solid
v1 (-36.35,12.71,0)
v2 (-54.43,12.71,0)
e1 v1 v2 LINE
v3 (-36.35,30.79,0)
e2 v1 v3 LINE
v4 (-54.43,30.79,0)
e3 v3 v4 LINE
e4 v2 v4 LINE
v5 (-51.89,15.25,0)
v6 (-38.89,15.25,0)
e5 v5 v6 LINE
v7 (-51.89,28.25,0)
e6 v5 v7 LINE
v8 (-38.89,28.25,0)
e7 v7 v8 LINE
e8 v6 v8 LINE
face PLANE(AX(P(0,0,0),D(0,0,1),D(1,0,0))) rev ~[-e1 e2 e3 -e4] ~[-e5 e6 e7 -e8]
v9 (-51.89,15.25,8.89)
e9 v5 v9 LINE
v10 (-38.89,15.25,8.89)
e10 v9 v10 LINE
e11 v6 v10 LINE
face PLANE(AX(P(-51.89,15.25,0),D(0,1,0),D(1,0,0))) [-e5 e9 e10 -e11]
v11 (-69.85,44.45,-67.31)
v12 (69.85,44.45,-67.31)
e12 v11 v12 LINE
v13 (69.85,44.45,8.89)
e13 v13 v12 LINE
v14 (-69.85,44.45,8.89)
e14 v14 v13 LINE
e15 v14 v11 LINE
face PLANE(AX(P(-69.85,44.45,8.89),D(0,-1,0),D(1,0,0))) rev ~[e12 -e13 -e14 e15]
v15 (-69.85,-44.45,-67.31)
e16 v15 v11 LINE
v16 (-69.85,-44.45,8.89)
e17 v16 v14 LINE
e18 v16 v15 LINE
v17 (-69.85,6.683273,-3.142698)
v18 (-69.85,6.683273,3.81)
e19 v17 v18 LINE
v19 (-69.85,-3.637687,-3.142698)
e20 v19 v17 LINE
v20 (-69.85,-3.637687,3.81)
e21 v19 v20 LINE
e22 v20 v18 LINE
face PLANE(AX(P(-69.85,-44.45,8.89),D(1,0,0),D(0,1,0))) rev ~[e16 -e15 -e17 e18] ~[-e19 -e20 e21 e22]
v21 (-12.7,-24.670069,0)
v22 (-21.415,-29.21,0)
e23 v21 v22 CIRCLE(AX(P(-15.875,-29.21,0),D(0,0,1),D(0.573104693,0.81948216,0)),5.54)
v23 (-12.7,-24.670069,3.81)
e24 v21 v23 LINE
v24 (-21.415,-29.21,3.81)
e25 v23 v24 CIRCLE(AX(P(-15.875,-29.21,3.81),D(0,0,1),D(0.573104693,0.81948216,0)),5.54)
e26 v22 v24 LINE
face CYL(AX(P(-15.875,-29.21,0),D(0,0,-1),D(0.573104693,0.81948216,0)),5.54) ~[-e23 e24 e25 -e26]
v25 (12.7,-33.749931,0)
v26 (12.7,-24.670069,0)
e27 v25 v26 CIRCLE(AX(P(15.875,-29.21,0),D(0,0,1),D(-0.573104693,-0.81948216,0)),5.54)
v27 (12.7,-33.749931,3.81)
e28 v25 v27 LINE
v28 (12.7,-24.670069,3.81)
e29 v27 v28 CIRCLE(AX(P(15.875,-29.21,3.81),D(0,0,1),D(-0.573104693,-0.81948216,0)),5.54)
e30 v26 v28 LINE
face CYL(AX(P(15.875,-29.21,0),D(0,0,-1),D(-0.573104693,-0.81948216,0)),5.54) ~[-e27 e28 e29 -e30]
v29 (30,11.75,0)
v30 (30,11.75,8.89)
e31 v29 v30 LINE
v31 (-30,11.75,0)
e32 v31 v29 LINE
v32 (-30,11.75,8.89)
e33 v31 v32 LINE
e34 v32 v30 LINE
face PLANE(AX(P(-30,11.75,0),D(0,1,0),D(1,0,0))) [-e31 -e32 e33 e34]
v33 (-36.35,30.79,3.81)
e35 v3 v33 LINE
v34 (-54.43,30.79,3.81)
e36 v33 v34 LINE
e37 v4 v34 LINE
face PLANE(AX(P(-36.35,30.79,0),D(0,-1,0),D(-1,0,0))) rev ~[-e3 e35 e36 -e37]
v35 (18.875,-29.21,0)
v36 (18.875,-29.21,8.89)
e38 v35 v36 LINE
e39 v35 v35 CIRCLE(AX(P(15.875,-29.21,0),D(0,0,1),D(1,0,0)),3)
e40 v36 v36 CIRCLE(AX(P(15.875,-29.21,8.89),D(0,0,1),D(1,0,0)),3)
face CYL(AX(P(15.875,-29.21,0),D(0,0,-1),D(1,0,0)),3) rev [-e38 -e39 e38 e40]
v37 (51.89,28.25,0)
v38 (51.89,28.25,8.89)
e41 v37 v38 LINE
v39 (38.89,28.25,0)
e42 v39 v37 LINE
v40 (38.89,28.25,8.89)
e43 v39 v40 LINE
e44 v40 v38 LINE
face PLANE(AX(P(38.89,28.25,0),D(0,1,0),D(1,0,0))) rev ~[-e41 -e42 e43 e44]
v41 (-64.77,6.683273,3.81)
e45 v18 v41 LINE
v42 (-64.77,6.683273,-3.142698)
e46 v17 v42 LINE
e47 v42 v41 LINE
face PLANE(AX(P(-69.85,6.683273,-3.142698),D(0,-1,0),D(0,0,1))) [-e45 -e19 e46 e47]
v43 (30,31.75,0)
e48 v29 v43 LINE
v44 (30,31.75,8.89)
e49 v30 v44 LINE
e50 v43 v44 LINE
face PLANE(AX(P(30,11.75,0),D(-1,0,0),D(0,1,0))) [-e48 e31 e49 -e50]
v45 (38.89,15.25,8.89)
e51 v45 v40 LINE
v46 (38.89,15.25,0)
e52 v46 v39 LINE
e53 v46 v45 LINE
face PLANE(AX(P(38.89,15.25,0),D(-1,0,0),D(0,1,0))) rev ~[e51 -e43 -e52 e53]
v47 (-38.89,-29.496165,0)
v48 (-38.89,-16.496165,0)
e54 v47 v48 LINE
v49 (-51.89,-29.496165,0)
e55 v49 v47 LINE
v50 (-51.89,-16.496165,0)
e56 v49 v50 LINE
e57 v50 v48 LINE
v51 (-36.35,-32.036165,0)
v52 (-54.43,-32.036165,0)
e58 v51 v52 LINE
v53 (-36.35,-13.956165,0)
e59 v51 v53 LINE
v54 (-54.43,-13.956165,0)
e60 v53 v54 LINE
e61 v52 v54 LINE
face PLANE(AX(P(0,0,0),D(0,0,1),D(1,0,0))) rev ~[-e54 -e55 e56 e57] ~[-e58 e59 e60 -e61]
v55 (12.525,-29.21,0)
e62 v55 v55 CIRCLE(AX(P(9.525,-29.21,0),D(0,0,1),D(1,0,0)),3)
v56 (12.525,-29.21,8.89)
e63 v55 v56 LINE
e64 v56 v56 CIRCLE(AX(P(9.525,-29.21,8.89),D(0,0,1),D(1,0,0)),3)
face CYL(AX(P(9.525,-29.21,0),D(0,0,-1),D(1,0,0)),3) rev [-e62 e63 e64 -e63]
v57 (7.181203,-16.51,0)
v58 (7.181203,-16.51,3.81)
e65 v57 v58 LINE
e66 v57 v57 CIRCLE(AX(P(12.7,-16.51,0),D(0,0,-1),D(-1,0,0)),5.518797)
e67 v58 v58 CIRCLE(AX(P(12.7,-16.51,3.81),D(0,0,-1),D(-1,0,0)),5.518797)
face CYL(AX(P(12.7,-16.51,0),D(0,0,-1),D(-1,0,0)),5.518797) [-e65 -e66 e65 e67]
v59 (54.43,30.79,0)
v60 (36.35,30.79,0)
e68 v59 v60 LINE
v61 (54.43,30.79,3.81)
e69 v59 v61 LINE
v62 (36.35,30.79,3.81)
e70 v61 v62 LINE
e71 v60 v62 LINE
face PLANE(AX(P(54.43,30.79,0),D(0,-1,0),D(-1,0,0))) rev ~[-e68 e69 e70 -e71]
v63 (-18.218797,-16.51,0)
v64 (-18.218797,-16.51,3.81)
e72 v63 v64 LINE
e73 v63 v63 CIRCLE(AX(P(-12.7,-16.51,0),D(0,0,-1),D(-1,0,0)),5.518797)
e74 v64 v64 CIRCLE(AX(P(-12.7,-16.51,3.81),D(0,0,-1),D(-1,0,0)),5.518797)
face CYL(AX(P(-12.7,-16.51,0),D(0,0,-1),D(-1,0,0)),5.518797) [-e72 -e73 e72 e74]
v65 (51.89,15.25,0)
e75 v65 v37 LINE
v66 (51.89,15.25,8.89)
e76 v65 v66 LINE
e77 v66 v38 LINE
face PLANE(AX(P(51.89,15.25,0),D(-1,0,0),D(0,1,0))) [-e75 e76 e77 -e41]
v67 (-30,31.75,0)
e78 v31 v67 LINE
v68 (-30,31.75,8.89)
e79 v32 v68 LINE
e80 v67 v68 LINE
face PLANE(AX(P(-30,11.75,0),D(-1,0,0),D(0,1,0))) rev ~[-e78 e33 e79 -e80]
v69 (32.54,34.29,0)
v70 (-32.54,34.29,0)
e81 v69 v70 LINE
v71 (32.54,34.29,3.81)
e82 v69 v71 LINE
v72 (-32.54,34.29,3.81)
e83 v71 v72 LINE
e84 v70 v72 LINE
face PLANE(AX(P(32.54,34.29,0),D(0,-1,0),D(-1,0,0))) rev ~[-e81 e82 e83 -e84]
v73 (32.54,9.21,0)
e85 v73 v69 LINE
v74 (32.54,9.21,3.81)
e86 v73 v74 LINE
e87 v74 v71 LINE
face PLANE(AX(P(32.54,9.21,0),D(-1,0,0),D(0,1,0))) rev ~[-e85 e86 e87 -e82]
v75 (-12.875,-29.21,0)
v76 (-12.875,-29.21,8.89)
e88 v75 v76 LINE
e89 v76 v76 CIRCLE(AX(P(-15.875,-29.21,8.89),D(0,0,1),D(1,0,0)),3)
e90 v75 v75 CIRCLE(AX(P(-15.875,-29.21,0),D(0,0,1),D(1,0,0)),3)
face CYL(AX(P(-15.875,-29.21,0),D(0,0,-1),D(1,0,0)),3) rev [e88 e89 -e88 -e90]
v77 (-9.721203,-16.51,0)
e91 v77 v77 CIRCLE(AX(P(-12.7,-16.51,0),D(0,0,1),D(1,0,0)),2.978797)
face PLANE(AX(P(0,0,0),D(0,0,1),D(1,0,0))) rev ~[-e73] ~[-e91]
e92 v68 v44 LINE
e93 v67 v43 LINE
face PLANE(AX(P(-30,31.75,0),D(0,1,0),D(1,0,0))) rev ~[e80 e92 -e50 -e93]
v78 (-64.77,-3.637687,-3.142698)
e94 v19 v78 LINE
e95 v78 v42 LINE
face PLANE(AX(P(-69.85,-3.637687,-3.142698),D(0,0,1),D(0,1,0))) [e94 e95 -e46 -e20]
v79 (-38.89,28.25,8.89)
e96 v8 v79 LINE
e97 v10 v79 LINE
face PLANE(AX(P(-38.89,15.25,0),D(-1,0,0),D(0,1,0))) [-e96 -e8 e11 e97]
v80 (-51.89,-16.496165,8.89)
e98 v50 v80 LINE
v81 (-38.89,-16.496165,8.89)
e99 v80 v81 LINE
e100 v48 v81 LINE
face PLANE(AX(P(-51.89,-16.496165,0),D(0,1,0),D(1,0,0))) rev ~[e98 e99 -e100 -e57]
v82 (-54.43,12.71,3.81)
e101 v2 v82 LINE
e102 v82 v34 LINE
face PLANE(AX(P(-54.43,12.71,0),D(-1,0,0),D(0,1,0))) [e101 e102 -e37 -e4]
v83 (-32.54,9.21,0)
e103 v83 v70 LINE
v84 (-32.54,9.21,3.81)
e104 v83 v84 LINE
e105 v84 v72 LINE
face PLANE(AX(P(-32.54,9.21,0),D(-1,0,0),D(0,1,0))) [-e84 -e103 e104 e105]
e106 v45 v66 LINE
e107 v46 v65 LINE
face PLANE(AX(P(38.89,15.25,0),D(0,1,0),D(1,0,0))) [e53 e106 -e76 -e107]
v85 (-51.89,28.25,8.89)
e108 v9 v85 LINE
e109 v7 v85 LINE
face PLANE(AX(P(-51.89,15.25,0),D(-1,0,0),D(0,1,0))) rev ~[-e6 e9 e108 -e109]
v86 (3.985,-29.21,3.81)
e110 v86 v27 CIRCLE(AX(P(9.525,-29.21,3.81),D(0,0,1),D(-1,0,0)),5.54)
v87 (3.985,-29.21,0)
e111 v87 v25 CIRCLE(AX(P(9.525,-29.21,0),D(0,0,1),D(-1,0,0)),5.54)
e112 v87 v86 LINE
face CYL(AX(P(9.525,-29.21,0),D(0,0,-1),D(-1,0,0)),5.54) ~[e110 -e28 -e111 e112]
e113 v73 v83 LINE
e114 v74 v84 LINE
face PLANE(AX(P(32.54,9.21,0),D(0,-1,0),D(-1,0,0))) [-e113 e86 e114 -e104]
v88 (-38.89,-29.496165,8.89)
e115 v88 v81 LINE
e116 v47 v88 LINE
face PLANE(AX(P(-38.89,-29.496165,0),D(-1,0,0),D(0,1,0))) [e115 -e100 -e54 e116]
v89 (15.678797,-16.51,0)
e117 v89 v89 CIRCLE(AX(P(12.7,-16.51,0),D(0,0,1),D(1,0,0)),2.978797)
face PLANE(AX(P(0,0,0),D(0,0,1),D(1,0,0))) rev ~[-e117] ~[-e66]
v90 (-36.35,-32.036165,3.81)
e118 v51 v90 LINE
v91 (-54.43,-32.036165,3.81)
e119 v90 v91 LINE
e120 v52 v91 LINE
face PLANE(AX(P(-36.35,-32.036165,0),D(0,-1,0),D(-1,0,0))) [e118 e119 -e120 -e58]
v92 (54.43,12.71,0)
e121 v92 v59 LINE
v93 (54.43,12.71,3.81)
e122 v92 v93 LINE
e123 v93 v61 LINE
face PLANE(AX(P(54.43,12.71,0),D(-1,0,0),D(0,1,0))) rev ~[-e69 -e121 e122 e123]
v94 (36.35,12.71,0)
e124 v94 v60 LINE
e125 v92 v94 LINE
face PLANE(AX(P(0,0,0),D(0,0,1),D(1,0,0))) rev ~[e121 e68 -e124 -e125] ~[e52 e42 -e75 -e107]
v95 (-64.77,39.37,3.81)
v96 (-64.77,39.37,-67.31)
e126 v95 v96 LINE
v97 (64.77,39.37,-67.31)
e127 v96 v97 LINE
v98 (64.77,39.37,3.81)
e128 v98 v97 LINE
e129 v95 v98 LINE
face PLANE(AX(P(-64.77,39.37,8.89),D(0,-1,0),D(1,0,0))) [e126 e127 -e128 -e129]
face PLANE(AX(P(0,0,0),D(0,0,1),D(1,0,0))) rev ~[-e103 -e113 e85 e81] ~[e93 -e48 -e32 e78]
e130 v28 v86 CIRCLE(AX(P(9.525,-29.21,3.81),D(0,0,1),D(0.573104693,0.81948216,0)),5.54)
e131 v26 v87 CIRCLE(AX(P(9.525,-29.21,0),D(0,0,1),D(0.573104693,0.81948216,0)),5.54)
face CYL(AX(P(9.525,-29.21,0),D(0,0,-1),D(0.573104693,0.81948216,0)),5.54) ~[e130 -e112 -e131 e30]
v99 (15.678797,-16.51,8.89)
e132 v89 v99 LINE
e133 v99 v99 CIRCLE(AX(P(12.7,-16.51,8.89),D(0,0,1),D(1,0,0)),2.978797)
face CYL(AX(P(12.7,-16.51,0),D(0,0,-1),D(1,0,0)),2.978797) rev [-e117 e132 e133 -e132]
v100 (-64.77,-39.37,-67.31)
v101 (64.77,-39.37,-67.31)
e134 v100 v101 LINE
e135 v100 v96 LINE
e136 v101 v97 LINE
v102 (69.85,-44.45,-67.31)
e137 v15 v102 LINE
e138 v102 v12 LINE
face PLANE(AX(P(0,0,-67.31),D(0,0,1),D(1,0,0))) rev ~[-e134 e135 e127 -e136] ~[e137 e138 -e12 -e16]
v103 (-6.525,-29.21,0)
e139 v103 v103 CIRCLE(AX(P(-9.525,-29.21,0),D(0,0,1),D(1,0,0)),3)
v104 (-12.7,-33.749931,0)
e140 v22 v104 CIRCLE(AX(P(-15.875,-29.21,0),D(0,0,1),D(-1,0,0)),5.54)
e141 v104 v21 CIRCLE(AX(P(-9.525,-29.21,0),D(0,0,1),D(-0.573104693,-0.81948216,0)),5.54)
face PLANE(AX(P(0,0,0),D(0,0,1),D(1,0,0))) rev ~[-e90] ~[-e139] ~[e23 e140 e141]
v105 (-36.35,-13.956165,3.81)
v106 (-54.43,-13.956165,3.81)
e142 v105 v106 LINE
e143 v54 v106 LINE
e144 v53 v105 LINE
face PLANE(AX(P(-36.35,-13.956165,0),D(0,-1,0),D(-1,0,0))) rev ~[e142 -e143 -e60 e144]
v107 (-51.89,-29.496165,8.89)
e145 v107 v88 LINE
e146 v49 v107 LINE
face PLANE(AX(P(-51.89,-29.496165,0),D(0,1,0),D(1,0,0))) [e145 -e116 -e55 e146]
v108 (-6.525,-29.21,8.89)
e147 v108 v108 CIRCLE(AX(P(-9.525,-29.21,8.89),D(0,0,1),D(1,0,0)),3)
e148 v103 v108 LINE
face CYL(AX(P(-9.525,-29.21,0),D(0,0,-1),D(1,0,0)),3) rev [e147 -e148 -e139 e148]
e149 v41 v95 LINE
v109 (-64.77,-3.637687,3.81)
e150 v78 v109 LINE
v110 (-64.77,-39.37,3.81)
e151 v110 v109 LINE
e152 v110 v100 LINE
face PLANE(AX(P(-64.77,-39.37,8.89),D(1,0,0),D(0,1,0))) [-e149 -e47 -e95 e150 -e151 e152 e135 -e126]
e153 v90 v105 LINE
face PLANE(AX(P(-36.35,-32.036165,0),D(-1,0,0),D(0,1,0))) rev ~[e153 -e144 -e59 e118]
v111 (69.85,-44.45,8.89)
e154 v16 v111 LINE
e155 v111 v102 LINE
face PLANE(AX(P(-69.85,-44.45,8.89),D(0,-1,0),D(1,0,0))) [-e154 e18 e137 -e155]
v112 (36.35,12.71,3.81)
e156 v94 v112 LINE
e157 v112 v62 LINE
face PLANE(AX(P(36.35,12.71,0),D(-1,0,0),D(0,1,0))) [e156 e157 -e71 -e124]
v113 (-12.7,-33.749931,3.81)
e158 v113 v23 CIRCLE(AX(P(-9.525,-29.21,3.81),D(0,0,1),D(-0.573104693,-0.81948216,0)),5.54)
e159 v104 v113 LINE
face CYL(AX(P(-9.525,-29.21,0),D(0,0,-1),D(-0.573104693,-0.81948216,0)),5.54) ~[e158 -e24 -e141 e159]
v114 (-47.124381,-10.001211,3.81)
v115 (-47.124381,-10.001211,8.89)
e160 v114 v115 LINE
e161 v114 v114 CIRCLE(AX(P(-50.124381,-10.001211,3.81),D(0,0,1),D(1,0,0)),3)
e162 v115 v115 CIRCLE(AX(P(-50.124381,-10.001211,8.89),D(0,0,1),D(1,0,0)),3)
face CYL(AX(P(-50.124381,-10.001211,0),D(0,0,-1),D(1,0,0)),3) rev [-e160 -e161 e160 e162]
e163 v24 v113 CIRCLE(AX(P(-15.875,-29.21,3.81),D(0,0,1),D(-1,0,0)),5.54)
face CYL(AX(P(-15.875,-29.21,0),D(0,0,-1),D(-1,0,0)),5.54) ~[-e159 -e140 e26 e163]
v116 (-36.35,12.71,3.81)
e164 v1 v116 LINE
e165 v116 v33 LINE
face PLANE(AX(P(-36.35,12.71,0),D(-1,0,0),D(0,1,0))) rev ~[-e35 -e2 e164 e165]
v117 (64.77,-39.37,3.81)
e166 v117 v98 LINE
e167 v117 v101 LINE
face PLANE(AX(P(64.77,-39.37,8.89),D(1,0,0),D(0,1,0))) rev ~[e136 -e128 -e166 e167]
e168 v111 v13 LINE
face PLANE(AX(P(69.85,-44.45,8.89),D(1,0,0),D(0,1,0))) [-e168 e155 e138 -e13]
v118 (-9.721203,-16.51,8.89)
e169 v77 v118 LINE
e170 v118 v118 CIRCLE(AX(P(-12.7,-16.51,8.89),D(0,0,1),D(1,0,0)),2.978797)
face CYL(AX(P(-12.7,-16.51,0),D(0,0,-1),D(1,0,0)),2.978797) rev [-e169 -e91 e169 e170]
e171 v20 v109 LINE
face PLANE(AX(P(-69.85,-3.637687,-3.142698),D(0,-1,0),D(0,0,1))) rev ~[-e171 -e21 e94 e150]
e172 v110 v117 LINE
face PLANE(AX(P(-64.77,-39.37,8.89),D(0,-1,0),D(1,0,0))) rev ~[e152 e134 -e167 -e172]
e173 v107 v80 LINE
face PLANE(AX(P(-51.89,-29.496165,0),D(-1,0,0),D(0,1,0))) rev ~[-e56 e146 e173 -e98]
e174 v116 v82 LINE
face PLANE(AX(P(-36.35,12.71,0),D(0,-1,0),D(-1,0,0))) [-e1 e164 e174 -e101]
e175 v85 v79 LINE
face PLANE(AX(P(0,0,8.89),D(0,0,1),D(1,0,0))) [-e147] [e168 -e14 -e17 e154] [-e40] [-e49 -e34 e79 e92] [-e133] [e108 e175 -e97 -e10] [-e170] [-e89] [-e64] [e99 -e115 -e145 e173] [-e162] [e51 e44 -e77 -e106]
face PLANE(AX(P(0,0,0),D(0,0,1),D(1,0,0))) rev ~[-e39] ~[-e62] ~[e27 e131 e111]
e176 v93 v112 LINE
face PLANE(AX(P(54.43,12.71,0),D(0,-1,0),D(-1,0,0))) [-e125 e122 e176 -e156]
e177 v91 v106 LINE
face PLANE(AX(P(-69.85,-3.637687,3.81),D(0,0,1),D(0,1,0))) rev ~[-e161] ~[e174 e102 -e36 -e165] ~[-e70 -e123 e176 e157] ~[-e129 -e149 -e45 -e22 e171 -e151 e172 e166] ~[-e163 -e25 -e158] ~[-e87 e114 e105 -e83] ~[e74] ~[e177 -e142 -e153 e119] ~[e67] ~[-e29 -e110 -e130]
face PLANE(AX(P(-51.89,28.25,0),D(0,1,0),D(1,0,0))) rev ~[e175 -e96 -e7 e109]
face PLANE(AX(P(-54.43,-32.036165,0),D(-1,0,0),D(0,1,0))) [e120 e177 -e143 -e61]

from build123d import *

# Parameters (mm, degrees)
SKETCH1_W           = 127
SKETCH1_H           = 76.2
SKETCH1_R           = 2.978797174
SKETCH1_R_2         = 3
SKETCH1_W_2         = 60
SKETCH1_H_2         = 20
SKETCH1_W_3         = 13
SKETCH1_H_3         = 13
BOSS_EXTRUDE1_DEPTH = 8.89
SKETCH3_W           = 127
SKETCH3_H           = 76.2
SKETCH3_R           = 5.518797174
SKETCH3_W_2         = 18.08
SKETCH3_H_2         = 18.08
SKETCH3_R_2         = 3
SKETCH3_W_3         = 65.08
SKETCH3_H_3         = 25.08
CUT_EXTRUDE1_DEPTH  = 3.81
BOSS_EXTRUDE2_START = -5.08
SKETCH5_W           = 129.54
SKETCH5_H           = 78.74
SKETCH5_W_2         = 127
SKETCH5_H_2         = 76.2
BOSS_EXTRUDE2_DEPTH = 5.08
SKETCH6_W           = 139.7
SKETCH6_H           = 88.9
SKETCH6_W_2         = 129.54
SKETCH6_H_2         = 78.74
BOSS_EXTRUDE3_DEPTH = 76.2
CUT_EXTRUDE3_REACH  = 141.7
SKETCH7_W           = 6.952697557
SKETCH7_H           = 10.320960494


with BuildPart() as part:
    # Sketch1 → Boss-Extrude1 (new body)
    with BuildSketch(Plane.XY):
        Rectangle(SKETCH1_W, SKETCH1_H)
        with Locations((-12.7, -16.51)):
            Circle(SKETCH1_R, mode=Mode.SUBTRACT)
        with Locations((12.7, -16.51)):
            Circle(SKETCH1_R, mode=Mode.SUBTRACT)
        with Locations((-15.875, -29.21)):
            Circle(SKETCH1_R_2, mode=Mode.SUBTRACT)
        with Locations((-9.525, -29.21)):
            Circle(SKETCH1_R_2, mode=Mode.SUBTRACT)
        with Locations((9.525, -29.21)):
            Circle(SKETCH1_R_2, mode=Mode.SUBTRACT)
        with Locations((15.875, -29.21)):
            Circle(SKETCH1_R_2, mode=Mode.SUBTRACT)
        with Locations((-50.124380999, -10.001211499)):
            Circle(SKETCH1_R_2, mode=Mode.SUBTRACT)
        with Locations((0, 21.75)):
            Rectangle(SKETCH1_W_2, SKETCH1_H_2, mode=Mode.SUBTRACT)
        with Locations((-45.39, 21.75)):
            Rectangle(SKETCH1_W_3, SKETCH1_H_3, mode=Mode.SUBTRACT)
        with Locations((45.39, 21.75)):
            Rectangle(SKETCH1_W_3, SKETCH1_H_3, mode=Mode.SUBTRACT)
        with Locations((-45.39, -22.996165479)):
            Rectangle(SKETCH1_W_3, SKETCH1_H_3, mode=Mode.SUBTRACT)
    extrude(amount=BOSS_EXTRUDE1_DEPTH)

    # Sketch3 → Cut-Extrude1 (cut)
    with BuildSketch(Plane(origin=(0, 0, 0), x_dir=(-1, 0, 0), z_dir=(0, 0, -1))):
        Rectangle(SKETCH3_W, SKETCH3_H)
        with BuildLine():
            ThreePointArc((-12.7, -24.670068833), (-6.965498095, -24.296696631), (-3.985, -29.21))
            ThreePointArc((-3.985, -29.21), (-6.965498095, -34.123303369), (-12.7, -33.749931167))
            ThreePointArc((-12.7, -33.749931167), (-21.415, -29.21), (-12.7, -24.670068833))
        make_face(mode=Mode.SUBTRACT)
        with Locations((-12.7, -16.51)):
            Circle(SKETCH3_R, mode=Mode.SUBTRACT)
        with BuildLine():
            ThreePointArc((12.7, -24.670068833), (18.434501905, -24.296696631), (21.415, -29.21))
            ThreePointArc((21.415, -29.21), (18.434501905, -34.123303369), (12.7, -33.749931167))
            ThreePointArc((12.7, -33.749931167), (3.985, -29.21), (12.7, -24.670068833))
        make_face(mode=Mode.SUBTRACT)
        with Locations((45.39, -22.996165479)):
            Rectangle(SKETCH3_W_2, SKETCH3_H_2, mode=Mode.SUBTRACT)
        with Locations((12.7, -16.51)):
            Circle(SKETCH3_R, mode=Mode.SUBTRACT)
        with Locations((50.124380999, -10.001211499)):
            Circle(SKETCH3_R_2, mode=Mode.SUBTRACT)
        with Locations((-45.39, 21.75)):
            Rectangle(SKETCH3_W_2, SKETCH3_H_2, mode=Mode.SUBTRACT)
        with Locations((0, 21.75)):
            Rectangle(SKETCH3_W_3, SKETCH3_H_3, mode=Mode.SUBTRACT)
        with Locations((45.39, 21.75)):
            Rectangle(SKETCH3_W_2, SKETCH3_H_2, mode=Mode.SUBTRACT)
    extrude(amount=-CUT_EXTRUDE1_DEPTH, mode=Mode.SUBTRACT)

    # Sketch5 → Boss-Extrude2 (add)
    with BuildSketch(Plane.XY.offset(8.89).offset(BOSS_EXTRUDE2_START)):
        Rectangle(SKETCH5_W, SKETCH5_H)
        Rectangle(SKETCH5_W_2, SKETCH5_H_2, mode=Mode.SUBTRACT)
    extrude(amount=BOSS_EXTRUDE2_DEPTH)

    # Sketch6 → Boss-Extrude3 (add)
    with BuildSketch(Plane.XY.offset(8.89)):
        Rectangle(SKETCH6_W, SKETCH6_H)
        Rectangle(SKETCH6_W_2, SKETCH6_H_2, mode=Mode.SUBTRACT)
    extrude(amount=-BOSS_EXTRUDE3_DEPTH)

    # Sketch7 → Cut-Extrude3 (cut, up to next)
    with BuildSketch(Plane.ZY.offset(69.85), mode=Mode.PRIVATE) as cut_extrude3_sk1:
        with Locations((0.333651222, 1.522792989)):
            Rectangle(SKETCH7_W, SKETCH7_H)
    cut_extrude3_tool1 = extrude(cut_extrude3_sk1.sketch, amount=-CUT_EXTRUDE3_REACH, mode=Mode.PRIVATE) & part.part
    add(cut_extrude3_tool1.solids().sort_by_distance((-69.85, 1.522793, 0.333651))[0], mode=Mode.SUBTRACT)


solid = part.part
